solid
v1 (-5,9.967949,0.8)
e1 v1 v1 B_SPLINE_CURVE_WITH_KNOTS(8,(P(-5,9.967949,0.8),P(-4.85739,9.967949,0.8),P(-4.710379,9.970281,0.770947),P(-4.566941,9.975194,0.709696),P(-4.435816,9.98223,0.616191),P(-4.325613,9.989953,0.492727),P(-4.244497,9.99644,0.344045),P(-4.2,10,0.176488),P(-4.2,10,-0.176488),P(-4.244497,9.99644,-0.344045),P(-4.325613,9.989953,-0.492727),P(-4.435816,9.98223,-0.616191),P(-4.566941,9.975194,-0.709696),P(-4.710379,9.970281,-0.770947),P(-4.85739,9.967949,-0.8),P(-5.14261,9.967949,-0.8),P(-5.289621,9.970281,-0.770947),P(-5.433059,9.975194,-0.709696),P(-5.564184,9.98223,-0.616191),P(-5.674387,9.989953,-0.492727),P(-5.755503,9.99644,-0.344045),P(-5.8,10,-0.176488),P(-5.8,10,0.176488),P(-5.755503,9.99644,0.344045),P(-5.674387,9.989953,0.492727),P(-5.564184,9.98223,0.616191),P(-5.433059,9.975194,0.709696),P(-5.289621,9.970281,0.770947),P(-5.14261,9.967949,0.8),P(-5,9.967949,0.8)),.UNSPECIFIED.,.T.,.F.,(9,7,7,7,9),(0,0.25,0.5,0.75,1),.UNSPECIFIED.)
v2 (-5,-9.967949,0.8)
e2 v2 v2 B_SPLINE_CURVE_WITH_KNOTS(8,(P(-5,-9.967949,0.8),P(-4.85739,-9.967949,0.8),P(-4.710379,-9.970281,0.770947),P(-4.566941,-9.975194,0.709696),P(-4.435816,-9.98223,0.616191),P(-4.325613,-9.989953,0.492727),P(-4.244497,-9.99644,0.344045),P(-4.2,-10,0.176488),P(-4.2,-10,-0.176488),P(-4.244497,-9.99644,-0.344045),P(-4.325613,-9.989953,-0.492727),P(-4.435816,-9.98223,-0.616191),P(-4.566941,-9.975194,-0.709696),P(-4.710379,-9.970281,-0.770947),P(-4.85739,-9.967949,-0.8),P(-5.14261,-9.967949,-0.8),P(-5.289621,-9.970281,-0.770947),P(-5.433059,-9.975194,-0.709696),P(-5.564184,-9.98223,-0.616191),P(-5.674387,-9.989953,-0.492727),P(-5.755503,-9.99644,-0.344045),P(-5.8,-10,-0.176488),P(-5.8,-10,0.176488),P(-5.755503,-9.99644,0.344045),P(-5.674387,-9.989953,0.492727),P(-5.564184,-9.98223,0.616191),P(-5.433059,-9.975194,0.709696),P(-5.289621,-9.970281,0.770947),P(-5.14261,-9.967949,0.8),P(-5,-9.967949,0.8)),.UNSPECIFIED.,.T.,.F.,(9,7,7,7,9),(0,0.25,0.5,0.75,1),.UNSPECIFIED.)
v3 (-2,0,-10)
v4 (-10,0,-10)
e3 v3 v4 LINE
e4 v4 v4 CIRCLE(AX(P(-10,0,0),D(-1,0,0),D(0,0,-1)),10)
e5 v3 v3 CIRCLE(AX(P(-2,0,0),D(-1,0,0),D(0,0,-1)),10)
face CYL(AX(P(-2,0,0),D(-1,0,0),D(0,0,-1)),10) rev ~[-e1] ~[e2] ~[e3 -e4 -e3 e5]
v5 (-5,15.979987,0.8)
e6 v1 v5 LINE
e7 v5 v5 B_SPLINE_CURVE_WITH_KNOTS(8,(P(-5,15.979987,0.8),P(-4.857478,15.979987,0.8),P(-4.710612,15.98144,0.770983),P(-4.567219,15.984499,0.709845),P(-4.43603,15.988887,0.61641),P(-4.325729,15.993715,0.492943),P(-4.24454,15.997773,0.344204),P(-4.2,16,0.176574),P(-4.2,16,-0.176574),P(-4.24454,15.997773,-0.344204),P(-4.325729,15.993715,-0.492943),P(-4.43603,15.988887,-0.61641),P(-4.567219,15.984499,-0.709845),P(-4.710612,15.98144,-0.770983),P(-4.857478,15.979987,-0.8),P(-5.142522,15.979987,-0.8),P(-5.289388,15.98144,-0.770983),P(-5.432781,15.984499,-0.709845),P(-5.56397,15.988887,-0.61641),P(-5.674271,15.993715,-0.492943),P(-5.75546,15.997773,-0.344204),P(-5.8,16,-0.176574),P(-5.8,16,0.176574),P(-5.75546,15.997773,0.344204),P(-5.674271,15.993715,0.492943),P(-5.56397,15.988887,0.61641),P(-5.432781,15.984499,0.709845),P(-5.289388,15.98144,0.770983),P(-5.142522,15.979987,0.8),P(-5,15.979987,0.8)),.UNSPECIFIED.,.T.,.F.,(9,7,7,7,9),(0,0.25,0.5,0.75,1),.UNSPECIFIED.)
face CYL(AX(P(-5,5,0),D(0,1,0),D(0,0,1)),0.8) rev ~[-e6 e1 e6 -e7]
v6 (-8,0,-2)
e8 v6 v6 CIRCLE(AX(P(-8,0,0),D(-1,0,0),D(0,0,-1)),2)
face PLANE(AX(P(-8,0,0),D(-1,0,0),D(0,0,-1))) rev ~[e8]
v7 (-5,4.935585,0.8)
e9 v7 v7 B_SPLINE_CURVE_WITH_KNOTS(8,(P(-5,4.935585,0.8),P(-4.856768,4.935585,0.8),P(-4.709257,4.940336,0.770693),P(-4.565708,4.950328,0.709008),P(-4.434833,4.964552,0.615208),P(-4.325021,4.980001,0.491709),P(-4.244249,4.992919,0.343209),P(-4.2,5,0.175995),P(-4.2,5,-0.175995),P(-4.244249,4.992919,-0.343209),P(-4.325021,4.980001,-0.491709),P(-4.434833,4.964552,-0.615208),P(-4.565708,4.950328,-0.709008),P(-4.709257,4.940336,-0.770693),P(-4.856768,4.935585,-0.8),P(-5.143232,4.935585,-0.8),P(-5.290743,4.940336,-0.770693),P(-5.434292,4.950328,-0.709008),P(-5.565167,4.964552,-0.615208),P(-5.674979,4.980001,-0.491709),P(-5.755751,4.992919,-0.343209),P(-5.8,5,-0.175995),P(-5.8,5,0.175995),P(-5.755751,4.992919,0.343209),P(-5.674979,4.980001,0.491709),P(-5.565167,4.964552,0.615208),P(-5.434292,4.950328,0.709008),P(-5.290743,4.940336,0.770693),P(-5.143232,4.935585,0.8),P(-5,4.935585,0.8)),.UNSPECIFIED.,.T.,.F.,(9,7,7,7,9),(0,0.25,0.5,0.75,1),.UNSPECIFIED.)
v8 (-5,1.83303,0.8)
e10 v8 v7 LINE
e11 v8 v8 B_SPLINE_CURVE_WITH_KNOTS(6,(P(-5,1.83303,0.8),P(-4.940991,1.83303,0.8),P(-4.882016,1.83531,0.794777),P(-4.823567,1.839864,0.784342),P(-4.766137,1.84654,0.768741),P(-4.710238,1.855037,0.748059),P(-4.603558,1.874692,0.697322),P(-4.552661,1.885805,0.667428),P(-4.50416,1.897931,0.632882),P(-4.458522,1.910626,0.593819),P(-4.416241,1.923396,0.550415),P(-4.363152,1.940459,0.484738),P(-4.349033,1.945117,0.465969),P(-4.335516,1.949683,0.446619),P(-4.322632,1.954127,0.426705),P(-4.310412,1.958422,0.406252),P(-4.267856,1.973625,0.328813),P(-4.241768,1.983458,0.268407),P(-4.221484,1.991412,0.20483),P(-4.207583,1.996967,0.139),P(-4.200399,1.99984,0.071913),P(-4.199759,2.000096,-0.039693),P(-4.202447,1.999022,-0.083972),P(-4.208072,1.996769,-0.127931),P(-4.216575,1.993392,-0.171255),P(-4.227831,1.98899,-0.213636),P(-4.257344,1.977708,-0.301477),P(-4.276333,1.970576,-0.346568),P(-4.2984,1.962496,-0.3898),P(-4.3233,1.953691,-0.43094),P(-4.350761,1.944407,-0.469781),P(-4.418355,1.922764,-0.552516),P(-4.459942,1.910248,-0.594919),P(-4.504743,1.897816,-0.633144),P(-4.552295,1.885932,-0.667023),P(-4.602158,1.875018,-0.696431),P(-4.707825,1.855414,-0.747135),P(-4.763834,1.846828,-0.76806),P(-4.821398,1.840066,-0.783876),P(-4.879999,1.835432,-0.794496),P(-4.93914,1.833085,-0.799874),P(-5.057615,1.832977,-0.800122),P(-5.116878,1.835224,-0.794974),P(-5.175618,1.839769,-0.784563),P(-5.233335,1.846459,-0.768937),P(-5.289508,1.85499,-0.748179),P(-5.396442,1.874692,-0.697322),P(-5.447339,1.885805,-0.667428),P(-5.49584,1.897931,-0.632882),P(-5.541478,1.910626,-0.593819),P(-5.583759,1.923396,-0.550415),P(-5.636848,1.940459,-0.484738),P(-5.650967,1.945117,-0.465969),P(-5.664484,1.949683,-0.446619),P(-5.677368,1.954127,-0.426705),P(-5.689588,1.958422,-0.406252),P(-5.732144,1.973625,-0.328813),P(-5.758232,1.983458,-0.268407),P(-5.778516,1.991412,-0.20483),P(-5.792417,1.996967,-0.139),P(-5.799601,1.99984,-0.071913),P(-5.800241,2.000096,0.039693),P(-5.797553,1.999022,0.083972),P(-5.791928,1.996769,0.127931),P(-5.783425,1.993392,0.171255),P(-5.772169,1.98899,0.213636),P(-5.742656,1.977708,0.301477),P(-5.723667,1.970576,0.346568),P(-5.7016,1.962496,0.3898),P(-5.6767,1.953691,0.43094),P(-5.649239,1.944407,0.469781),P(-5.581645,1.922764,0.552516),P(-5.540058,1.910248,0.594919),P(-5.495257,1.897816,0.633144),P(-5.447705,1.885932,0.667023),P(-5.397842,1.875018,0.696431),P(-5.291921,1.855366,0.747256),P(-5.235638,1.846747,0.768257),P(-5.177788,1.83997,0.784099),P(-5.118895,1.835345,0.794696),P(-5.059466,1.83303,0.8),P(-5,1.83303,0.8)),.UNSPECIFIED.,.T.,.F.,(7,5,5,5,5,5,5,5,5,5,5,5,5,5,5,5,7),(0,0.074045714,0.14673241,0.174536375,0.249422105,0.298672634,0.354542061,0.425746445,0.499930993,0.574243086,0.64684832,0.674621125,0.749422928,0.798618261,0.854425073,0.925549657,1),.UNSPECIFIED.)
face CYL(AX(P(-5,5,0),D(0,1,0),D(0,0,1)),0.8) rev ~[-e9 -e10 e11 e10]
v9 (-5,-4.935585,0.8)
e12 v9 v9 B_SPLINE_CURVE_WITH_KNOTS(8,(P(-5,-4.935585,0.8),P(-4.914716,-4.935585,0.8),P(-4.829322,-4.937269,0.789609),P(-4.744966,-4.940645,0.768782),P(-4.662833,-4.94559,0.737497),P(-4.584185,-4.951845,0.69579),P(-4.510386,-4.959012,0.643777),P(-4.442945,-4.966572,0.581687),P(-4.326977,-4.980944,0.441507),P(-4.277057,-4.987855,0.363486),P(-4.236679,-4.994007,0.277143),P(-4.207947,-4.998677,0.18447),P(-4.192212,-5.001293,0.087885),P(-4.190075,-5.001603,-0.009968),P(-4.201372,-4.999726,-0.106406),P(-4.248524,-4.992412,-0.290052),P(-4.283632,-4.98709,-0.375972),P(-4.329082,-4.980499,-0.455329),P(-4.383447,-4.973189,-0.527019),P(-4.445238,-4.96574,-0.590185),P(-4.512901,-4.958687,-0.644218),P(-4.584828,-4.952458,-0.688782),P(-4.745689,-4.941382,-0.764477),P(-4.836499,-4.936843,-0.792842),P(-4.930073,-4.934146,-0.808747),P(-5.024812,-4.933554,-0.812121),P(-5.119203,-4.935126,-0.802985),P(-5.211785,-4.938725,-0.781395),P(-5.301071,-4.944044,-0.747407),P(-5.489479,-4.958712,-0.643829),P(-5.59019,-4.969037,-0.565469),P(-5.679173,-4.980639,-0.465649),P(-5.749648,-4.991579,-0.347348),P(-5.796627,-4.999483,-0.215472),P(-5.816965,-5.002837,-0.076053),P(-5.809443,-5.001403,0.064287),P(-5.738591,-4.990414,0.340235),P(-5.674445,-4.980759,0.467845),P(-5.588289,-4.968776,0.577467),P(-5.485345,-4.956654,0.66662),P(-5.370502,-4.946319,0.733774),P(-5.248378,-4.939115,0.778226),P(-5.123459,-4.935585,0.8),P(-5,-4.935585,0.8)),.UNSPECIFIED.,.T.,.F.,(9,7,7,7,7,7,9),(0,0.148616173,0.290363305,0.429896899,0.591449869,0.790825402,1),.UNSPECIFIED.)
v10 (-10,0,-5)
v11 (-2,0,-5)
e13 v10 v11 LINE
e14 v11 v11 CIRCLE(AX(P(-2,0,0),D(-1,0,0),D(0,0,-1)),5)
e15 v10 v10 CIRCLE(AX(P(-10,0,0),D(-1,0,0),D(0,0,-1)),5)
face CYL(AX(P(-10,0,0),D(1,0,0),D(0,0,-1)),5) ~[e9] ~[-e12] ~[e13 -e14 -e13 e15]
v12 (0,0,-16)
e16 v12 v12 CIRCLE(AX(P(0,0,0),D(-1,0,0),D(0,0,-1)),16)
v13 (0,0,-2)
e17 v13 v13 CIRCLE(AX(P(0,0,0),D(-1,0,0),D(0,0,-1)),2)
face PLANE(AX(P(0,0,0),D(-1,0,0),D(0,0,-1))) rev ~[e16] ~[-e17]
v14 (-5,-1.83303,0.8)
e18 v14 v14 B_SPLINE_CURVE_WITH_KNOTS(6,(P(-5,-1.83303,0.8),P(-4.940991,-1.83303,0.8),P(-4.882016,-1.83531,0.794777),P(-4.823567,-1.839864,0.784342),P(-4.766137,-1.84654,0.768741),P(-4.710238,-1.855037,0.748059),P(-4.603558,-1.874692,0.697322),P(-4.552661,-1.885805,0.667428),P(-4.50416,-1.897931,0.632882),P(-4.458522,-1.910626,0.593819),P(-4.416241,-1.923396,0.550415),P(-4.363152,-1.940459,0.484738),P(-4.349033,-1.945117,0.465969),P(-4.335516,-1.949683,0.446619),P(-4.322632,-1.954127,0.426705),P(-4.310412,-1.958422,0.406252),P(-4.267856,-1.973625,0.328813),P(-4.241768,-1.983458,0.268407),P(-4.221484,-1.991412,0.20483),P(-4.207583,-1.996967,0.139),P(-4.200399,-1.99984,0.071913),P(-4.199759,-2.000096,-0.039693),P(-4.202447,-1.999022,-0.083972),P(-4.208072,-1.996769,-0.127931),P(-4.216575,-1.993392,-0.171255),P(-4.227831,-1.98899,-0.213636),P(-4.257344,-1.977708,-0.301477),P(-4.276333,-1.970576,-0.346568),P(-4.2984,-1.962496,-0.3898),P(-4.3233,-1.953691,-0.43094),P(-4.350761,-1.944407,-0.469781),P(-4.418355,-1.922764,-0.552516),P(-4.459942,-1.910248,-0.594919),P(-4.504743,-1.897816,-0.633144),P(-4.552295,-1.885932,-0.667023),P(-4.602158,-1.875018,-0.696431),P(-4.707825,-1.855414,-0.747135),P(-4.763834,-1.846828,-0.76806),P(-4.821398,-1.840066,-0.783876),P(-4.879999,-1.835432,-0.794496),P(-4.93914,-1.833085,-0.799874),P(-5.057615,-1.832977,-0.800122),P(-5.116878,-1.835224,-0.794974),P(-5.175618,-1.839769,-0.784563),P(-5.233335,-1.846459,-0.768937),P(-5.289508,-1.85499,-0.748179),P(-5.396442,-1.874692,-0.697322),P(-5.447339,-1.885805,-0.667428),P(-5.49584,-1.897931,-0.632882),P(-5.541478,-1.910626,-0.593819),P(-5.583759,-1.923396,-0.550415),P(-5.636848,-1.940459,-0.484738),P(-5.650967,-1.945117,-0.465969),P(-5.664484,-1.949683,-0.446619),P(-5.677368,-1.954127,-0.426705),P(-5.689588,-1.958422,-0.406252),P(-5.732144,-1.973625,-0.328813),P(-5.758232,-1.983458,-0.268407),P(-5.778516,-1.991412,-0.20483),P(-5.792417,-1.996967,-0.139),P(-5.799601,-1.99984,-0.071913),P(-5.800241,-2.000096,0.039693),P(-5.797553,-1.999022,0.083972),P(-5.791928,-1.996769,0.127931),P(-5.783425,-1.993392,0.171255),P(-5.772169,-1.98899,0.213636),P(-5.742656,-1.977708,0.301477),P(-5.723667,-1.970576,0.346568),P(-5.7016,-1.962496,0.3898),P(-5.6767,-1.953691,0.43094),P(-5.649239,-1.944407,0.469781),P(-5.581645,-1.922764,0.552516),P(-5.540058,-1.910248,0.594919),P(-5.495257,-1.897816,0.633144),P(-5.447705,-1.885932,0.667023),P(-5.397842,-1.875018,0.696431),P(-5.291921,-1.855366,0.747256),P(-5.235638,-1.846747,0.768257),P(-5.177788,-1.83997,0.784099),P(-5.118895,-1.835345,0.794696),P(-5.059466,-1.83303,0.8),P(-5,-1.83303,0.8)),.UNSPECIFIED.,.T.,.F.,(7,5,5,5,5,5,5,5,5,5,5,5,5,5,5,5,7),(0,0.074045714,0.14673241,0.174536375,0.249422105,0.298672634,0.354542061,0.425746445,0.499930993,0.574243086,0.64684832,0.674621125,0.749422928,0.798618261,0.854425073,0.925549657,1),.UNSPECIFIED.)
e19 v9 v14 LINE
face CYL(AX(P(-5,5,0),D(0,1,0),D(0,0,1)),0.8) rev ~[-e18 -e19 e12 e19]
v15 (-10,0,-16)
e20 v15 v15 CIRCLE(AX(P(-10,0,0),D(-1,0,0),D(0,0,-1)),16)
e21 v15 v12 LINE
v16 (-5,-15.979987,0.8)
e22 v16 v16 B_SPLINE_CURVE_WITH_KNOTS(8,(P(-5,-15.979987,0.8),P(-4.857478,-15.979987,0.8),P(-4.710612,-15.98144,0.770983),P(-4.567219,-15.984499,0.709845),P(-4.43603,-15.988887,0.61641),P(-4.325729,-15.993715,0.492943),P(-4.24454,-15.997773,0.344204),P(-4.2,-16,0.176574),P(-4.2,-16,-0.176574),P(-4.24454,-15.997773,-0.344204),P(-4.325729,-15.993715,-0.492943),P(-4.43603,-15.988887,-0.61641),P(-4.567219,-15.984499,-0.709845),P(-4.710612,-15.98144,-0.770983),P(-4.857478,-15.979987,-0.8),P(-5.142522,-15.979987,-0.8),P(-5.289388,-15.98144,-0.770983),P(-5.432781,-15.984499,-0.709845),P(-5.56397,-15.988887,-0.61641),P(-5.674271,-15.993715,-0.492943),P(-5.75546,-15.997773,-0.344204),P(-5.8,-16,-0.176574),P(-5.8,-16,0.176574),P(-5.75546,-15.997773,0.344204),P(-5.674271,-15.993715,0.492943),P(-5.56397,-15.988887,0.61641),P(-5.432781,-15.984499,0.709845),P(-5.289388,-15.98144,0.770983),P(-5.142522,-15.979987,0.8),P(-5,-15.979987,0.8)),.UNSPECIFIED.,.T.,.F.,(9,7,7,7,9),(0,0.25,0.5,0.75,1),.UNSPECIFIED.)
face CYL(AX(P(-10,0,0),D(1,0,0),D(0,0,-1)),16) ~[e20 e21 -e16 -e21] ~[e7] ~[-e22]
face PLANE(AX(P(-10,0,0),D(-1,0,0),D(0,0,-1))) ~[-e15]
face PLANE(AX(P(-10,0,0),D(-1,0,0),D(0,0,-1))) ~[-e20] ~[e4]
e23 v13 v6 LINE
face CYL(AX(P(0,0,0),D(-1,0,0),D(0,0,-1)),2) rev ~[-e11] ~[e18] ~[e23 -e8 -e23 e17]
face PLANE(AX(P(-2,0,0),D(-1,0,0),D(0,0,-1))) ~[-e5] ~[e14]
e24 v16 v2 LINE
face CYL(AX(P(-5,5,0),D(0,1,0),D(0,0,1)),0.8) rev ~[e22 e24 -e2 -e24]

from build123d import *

# Parameters (mm, degrees)
ESBO_O6_R             = 0.8
CORTE_EXTRUS_O1_DEPTH = 35


with BuildPart() as part:
    # Esboço3 → Revolução1 (revolve)
    with BuildSketch(Plane.XY, mode=Mode.PRIVATE) as revolu_o1_sk:
        Polygon((0, 16), (0, 2), (-8, 2), (-8, 0), (-10, 0), (-10, 5), (-2, 5), (-2, 10), (-10, 10), (-10, 16), align=None)
    revolve(revolu_o1_sk.sketch.rotate(Axis((0, 0, 0), (-1, 0, 0)), 90), axis=Axis((0, 0, 0), (-1, 0, 0)))

    # Esboço6 → Corte-extrusão1 (cut, symmetric)
    with BuildSketch(Plane(origin=(0, 5, 0), x_dir=(1, 0, 0), z_dir=(0, 1, 0))):
        with Locations(Location((-5, 0, 0), (0, 0, 270))):
            Circle(ESBO_O6_R)
    extrude(amount=CORTE_EXTRUS_O1_DEPTH, both=True, mode=Mode.SUBTRACT)


solid = part.part
